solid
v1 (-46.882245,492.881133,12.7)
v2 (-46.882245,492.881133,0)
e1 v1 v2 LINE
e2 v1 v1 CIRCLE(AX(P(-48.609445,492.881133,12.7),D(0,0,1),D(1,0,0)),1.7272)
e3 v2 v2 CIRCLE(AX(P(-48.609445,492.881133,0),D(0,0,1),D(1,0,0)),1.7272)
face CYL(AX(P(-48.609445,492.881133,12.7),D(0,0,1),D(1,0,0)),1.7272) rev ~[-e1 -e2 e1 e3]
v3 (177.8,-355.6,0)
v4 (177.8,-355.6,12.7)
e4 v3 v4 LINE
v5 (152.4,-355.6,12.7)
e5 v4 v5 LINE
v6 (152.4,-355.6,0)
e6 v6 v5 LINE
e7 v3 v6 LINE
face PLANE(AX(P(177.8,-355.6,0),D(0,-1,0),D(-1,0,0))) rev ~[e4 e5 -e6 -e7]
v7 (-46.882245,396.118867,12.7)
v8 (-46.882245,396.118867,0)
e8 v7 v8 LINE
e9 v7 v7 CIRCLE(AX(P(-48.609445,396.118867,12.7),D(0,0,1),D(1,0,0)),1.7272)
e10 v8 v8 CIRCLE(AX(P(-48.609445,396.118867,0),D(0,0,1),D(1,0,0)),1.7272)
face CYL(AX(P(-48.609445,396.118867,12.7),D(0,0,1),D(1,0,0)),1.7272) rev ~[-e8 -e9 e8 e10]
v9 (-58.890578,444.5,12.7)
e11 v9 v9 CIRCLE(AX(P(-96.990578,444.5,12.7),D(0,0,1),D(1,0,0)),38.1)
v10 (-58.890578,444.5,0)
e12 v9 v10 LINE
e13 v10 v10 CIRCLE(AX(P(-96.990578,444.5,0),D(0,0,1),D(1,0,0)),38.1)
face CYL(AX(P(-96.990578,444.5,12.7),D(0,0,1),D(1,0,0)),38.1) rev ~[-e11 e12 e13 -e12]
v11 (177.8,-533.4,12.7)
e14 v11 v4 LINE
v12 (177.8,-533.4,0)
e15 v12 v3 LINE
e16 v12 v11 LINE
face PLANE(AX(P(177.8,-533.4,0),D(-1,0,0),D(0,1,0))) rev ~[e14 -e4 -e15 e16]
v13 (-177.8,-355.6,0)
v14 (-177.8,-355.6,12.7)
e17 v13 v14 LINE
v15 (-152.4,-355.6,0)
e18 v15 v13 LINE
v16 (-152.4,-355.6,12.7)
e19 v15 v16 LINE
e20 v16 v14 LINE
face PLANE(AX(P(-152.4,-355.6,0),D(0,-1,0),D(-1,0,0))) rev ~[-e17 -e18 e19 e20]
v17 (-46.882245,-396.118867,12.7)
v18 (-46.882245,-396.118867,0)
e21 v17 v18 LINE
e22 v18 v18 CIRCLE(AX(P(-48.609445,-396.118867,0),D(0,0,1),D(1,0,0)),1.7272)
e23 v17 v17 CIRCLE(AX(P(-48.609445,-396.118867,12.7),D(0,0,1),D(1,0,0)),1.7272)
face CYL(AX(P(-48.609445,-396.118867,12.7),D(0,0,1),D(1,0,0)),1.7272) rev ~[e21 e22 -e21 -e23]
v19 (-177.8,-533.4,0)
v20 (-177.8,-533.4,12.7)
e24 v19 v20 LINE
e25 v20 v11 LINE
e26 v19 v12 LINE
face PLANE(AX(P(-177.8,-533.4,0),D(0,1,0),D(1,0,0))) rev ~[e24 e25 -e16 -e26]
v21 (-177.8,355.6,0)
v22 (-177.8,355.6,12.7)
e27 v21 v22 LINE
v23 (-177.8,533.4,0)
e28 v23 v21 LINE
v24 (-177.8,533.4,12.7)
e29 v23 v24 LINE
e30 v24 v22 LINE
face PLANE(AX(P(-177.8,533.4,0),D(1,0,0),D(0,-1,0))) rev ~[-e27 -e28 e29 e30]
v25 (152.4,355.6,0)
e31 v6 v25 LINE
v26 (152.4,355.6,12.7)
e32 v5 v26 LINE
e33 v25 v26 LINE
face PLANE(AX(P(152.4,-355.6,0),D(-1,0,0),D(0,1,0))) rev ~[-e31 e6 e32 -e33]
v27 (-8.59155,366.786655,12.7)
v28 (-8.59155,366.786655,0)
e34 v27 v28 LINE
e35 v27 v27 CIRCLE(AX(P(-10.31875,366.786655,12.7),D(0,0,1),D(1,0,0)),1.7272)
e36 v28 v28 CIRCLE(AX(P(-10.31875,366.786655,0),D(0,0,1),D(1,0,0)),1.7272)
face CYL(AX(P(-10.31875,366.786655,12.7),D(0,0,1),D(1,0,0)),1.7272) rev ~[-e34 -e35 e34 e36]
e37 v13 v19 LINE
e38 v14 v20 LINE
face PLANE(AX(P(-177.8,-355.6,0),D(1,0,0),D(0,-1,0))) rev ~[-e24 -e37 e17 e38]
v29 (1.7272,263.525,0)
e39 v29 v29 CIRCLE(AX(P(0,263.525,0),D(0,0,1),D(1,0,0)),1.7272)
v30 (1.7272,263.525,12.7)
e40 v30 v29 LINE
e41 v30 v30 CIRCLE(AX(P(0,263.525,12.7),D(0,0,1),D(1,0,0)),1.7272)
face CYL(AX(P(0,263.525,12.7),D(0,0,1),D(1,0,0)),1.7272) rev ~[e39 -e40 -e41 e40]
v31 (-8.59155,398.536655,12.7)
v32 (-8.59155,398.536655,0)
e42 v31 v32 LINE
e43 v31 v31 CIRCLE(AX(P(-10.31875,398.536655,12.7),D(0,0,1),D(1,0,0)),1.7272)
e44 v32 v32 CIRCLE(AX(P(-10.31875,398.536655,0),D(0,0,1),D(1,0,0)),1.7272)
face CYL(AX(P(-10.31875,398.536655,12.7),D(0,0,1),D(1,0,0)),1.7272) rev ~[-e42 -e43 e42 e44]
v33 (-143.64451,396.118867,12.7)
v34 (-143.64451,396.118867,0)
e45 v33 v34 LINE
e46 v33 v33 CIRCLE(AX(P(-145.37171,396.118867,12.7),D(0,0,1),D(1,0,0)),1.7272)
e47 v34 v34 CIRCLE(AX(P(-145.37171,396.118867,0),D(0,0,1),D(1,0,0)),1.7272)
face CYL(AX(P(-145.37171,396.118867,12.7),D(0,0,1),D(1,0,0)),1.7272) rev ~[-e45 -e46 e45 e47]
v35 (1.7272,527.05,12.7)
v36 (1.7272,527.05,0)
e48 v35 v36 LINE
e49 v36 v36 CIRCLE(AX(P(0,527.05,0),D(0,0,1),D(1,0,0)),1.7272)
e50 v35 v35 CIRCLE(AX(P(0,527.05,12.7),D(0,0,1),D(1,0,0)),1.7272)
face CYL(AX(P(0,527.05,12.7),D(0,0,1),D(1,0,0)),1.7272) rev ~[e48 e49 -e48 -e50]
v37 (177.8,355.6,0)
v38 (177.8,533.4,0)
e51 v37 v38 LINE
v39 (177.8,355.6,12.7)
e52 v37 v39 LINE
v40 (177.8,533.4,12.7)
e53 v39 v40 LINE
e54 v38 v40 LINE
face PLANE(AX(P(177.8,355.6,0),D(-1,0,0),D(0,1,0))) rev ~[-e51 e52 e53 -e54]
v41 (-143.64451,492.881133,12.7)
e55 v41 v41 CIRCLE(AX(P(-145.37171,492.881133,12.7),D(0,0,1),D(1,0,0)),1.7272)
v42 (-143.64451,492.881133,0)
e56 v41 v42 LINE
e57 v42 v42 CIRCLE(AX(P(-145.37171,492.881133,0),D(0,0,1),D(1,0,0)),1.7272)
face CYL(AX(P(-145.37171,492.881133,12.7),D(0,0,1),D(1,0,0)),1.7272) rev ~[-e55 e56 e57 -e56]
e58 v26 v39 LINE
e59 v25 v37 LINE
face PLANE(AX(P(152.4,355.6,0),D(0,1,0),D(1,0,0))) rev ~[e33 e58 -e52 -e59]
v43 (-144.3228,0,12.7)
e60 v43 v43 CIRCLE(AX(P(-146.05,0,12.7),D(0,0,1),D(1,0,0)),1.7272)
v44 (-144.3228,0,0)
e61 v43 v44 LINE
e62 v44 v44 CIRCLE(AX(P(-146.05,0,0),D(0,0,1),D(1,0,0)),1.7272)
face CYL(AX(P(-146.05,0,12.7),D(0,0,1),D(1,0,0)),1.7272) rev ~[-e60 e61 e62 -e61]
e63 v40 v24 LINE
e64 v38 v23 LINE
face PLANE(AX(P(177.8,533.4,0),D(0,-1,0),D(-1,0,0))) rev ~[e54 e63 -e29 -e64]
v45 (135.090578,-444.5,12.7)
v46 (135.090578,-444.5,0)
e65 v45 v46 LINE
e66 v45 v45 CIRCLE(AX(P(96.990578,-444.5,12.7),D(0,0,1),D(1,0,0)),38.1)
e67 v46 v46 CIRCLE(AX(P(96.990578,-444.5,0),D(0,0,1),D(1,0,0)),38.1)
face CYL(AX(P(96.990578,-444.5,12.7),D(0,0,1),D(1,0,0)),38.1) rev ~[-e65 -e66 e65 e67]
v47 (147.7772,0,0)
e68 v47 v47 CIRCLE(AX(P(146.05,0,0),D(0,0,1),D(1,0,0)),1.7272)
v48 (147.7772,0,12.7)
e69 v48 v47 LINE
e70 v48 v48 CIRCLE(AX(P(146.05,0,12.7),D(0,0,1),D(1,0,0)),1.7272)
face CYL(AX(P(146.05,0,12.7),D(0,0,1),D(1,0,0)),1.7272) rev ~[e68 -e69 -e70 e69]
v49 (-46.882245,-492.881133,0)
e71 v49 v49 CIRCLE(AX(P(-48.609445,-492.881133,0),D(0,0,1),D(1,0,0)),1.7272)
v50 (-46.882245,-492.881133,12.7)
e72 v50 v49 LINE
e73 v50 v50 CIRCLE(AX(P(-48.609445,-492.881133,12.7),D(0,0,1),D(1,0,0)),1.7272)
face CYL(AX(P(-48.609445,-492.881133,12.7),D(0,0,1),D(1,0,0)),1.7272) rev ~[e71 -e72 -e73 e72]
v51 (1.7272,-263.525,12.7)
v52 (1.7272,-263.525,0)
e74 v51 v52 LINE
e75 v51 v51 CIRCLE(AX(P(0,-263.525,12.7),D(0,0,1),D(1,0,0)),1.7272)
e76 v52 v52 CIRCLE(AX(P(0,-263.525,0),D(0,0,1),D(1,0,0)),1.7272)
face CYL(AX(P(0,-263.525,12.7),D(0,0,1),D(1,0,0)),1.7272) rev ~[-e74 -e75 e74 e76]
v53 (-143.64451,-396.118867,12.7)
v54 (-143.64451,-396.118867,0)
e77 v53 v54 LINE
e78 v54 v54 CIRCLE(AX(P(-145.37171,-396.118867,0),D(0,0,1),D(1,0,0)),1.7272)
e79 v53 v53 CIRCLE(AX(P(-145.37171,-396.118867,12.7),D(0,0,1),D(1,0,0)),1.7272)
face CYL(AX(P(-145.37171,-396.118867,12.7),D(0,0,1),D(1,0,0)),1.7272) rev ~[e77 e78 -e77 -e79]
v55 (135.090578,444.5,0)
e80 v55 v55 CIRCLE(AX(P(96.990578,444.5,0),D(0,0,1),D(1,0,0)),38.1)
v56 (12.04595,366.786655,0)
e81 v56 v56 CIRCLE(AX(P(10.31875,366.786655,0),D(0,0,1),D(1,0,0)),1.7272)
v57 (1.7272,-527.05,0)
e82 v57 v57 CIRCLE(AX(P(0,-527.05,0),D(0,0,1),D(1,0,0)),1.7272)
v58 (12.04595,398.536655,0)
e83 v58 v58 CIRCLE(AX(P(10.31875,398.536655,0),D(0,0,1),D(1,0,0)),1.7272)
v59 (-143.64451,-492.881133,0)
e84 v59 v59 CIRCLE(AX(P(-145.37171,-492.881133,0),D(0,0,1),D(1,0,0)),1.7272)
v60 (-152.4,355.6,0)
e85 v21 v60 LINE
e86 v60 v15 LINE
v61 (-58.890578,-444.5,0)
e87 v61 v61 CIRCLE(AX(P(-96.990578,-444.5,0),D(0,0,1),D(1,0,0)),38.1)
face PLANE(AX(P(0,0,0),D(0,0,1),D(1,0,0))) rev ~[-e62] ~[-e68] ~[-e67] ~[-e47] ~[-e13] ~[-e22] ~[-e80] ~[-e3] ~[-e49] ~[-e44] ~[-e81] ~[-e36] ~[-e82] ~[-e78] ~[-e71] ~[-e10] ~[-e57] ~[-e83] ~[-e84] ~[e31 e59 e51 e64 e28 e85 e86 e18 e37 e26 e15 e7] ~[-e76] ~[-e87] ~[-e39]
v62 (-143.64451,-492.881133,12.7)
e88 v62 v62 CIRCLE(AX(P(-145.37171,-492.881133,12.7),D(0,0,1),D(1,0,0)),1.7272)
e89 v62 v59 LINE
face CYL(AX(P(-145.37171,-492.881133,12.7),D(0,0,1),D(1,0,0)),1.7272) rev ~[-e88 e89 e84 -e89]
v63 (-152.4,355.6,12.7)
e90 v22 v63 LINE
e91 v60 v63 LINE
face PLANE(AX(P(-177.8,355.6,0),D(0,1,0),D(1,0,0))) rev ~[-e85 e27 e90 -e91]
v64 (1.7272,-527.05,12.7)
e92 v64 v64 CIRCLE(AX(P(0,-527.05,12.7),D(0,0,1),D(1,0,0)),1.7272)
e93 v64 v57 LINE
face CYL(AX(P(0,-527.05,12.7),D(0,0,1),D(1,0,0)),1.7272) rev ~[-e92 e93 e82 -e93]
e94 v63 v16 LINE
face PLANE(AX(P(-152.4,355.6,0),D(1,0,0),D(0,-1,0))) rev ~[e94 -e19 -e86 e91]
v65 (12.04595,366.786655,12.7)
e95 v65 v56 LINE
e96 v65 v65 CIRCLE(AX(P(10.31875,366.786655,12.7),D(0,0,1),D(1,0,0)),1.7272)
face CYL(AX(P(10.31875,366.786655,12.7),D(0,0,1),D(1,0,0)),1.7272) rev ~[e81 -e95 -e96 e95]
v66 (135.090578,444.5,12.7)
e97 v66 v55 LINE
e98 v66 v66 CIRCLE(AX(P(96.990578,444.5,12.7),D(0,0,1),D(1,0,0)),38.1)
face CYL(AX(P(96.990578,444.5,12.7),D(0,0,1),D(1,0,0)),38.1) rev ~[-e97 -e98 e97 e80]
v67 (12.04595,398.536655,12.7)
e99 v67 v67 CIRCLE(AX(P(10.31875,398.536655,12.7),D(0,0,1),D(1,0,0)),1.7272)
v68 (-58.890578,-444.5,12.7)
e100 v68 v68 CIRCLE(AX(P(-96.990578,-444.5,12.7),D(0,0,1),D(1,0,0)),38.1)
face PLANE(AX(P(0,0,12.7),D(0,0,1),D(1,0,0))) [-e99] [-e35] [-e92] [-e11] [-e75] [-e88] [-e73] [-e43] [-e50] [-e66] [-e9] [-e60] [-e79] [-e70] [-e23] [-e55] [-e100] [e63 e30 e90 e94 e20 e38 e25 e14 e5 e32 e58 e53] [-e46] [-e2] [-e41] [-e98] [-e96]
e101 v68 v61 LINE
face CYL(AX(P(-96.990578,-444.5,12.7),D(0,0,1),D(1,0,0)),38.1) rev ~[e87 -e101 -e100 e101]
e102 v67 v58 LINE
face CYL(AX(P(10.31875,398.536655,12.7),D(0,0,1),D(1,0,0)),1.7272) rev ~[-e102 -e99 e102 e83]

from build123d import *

# Parameters (mm, degrees)
F1_DEPTH = 12.7
F2_R     = 1.7272
F2_R_2   = 38.1
F3_DEPTH = 12.7
F4_R     = 1.7272
F5_DEPTH = 12.7


with BuildPart() as f1:
    # F0 (on Top) → F1 (new body)
    with BuildSketch(Plane.XY):
        Polygon((-152.4, 355.6), (-152.4, -355.6), (-177.8, -355.6), (-177.8, -533.4), (177.8, -533.4), (177.8, -355.6), (152.4, -355.6), (152.4, 355.6), (177.8, 355.6), (177.8, 533.4), (-177.8, 533.4), (-177.8, 355.6), align=None)
    extrude(amount=F1_DEPTH)

    # F2 (on face) → F3 (cut, through all)
    with BuildSketch(Plane.XY.offset(12.7)):
        with Locations((-145.37171, 492.881133)):
            Circle(F2_R)
        with Locations((-48.609445, 492.881133)):
            Circle(F2_R)
        with Locations((-145.37171, 396.118867)):
            Circle(F2_R)
        with Locations((-48.609445, 396.118867)):
            Circle(F2_R)
        with Locations((-145.37171, -492.881133)):
            Circle(F2_R)
        with Locations((-145.37171, -396.118867)):
            Circle(F2_R)
        with Locations((-48.609445, -492.881133)):
            Circle(F2_R)
        with Locations((-48.609445, -396.118867)):
            Circle(F2_R)
        with Locations((-96.990578, -444.5)):
            Circle(F2_R_2)
        with Locations((96.990578, -444.5)):
            Circle(F2_R_2)
        with Locations((-96.990578, 444.5)):
            Circle(F2_R_2)
        with Locations((96.990578, 444.5)):
            Circle(F2_R_2)
        with Locations((-10.31875, 366.786655)):
            Circle(F2_R)
        with Locations((10.31875, 398.536655)):
            Circle(F2_R)
        with Locations((10.31875, 366.786655)):
            Circle(F2_R)
        with Locations((-10.31875, 398.536655)):
            Circle(F2_R)
    extrude(amount=-F3_DEPTH, mode=Mode.SUBTRACT)

    # F4 (on face) → F5 (cut, through all)
    with BuildSketch(Plane.XY.offset(12.7)):
        with Locations((0, 263.525)):
            Circle(F4_R)
        with Locations((-146.05, 0)):
            Circle(F4_R)
        with Locations((146.05, 0)):
            Circle(F4_R)
        with Locations((0, 527.05)):
            Circle(F4_R)
        with Locations((0, -263.525)):
            Circle(F4_R)
        with Locations((0, -527.05)):
            Circle(F4_R)
    extrude(amount=-F5_DEPTH, mode=Mode.SUBTRACT)


solid = f1.part
